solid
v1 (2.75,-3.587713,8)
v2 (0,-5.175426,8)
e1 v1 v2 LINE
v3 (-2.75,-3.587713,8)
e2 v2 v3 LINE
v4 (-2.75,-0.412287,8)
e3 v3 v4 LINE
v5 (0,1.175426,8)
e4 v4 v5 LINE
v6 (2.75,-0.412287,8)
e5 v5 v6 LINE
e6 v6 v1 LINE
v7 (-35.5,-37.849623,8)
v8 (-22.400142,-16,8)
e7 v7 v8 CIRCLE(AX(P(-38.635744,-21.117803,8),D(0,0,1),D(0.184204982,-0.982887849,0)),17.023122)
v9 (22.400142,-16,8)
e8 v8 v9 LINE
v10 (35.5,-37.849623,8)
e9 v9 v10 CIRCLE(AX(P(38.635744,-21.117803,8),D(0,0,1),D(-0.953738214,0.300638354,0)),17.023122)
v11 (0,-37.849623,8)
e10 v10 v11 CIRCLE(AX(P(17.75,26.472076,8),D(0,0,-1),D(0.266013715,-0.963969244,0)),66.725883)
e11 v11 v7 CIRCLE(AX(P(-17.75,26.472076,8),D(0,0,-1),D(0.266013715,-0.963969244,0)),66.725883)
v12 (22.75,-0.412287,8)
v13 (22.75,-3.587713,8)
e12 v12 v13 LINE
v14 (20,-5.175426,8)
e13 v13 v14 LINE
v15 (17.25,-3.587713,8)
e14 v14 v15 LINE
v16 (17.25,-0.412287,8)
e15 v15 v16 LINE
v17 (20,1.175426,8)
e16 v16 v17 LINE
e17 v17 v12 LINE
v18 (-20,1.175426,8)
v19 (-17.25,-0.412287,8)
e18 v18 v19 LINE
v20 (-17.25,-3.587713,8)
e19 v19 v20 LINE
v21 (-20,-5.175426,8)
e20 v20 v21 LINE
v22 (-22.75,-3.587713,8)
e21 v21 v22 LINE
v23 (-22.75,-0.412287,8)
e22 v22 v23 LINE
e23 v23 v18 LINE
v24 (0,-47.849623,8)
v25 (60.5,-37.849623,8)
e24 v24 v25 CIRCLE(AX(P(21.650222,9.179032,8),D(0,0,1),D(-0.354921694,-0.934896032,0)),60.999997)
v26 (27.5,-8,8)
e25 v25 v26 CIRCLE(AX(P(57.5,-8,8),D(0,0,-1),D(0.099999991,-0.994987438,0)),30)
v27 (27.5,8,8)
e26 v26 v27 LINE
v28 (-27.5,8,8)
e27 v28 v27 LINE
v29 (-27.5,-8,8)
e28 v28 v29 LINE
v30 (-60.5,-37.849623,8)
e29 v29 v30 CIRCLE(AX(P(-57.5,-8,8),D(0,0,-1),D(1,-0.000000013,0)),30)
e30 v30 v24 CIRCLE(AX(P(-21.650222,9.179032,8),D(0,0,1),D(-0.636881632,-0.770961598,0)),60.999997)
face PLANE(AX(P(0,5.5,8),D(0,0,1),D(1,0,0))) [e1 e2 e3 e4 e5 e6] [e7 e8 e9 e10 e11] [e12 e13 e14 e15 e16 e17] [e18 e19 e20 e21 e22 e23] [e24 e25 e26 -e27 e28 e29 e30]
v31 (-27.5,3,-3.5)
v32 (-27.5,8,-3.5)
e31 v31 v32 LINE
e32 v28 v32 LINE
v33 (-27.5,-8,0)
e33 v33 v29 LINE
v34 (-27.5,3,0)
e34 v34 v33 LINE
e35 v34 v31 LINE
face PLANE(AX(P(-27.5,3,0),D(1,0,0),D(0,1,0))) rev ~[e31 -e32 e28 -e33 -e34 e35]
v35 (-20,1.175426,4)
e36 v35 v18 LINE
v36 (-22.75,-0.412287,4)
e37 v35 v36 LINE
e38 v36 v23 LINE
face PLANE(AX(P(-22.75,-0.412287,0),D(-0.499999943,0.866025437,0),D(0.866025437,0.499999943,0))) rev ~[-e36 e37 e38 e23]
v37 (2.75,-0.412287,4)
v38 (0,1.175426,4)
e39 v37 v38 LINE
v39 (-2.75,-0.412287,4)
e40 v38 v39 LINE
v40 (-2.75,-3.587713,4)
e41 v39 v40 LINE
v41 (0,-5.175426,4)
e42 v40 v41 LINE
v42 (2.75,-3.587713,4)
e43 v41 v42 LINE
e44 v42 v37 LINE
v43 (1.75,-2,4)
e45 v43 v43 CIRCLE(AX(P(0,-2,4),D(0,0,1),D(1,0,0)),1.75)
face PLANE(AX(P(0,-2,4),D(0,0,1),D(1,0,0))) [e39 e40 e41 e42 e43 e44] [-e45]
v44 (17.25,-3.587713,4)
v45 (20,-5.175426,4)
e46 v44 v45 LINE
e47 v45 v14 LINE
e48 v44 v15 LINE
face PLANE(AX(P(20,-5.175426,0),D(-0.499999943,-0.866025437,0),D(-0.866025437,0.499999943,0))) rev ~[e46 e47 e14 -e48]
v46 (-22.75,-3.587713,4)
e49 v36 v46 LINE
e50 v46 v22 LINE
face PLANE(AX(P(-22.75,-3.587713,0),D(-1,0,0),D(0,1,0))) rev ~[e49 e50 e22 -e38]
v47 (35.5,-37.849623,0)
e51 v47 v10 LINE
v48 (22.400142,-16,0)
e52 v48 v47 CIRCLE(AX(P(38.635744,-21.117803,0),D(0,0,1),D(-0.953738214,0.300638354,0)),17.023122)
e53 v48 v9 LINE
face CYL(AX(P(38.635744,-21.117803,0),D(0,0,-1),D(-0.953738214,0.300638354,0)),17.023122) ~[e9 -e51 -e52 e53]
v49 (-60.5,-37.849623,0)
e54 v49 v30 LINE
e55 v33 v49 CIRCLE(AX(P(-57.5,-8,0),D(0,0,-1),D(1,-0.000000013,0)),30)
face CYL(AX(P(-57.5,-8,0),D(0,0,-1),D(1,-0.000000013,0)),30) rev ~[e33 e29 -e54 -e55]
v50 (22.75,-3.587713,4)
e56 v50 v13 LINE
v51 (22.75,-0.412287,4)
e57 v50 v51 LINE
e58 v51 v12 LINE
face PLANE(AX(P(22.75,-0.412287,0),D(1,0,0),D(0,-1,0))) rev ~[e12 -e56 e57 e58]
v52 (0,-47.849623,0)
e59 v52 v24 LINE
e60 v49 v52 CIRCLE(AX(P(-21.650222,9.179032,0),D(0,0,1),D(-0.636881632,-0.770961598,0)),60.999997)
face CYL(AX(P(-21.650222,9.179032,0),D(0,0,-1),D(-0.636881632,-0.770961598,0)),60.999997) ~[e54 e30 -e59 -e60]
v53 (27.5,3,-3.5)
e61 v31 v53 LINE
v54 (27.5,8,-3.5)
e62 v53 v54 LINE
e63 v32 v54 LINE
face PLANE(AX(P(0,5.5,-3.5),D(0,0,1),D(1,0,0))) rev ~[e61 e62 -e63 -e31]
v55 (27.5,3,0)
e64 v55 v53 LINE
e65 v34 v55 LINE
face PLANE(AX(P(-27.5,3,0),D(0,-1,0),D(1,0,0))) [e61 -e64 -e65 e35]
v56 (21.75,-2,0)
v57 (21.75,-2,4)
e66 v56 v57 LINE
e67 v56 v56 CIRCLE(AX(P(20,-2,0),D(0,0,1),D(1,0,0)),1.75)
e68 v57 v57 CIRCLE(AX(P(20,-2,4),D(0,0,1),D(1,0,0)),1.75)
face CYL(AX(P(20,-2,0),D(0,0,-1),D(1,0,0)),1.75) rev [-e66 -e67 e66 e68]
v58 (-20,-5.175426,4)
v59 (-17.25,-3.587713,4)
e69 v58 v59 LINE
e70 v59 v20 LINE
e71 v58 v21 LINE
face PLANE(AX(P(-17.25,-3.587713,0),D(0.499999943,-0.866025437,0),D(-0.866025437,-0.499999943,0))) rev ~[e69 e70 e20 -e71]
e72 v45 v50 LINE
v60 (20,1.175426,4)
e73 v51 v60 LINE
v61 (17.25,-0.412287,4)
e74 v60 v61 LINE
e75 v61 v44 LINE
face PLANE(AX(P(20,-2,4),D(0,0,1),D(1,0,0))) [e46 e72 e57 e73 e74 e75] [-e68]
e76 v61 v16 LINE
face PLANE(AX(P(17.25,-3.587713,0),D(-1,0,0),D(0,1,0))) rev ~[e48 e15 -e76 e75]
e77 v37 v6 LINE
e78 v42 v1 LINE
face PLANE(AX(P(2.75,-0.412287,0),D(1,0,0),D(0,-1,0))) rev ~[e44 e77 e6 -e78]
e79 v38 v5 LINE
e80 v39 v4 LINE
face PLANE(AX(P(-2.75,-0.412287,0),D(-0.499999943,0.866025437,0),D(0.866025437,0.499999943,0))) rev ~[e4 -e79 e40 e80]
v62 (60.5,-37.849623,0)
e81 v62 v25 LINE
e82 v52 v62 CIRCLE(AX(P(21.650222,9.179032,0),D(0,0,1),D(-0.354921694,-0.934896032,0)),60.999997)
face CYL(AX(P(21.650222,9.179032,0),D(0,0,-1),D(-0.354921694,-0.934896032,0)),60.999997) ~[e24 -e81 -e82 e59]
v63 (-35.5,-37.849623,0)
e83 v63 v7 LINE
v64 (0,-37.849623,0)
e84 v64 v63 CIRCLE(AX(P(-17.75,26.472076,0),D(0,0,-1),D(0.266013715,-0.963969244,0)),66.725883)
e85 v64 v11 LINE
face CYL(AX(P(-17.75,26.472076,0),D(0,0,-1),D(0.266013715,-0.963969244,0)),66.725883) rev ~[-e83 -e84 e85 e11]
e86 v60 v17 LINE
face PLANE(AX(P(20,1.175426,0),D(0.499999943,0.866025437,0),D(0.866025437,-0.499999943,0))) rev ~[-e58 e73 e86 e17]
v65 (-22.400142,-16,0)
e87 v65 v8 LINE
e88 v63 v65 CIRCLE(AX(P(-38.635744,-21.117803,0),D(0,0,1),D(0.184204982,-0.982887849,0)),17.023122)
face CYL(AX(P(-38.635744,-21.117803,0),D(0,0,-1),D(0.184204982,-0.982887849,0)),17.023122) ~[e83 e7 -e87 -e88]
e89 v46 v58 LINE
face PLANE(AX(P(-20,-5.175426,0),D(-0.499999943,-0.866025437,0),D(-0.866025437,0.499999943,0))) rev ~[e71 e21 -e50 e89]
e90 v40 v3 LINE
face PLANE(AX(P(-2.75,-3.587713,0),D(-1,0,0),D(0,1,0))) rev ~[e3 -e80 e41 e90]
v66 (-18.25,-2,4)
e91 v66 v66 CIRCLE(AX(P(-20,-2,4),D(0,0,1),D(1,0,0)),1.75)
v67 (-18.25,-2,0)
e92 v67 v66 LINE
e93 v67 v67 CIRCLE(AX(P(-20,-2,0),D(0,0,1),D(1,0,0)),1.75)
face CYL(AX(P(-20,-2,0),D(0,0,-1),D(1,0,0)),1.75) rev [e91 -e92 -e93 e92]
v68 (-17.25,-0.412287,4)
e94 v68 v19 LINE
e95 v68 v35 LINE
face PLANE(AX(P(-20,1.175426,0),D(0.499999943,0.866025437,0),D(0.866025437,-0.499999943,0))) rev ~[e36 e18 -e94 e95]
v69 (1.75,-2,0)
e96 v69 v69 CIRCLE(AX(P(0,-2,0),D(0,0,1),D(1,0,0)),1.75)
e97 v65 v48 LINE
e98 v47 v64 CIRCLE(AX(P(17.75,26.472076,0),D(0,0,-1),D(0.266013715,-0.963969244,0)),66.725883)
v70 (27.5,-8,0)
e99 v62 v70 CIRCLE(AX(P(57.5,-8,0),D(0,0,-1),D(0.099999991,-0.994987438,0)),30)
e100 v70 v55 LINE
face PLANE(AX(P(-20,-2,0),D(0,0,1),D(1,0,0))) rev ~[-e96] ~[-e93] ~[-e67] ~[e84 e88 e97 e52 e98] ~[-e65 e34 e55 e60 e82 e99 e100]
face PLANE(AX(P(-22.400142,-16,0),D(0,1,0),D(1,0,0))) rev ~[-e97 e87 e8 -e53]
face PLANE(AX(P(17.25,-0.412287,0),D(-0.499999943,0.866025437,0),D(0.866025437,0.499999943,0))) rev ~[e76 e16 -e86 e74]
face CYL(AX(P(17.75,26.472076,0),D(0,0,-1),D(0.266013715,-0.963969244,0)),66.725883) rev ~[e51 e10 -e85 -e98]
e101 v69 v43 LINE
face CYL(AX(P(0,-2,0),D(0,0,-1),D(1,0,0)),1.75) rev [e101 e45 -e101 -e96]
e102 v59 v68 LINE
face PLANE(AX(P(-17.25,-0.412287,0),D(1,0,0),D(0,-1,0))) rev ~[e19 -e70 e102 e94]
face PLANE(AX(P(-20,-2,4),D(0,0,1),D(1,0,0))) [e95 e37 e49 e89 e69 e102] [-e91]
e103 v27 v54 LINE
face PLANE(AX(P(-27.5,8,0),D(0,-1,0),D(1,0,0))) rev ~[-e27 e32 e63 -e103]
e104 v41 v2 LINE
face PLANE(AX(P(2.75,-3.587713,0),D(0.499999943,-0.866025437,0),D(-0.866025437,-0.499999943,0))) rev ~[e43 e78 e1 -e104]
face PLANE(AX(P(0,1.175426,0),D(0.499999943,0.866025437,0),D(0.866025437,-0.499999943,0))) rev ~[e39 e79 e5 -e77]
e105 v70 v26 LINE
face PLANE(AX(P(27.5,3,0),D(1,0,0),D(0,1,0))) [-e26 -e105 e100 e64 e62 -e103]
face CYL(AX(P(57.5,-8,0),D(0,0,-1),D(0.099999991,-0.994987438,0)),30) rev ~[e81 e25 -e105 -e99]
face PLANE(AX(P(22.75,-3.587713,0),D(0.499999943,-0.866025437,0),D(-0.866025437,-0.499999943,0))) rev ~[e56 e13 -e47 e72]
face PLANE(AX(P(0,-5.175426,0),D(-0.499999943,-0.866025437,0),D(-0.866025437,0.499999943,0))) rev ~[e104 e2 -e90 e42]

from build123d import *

# Parameters (mm, degrees)
F0_W     = 55
F0_H     = 5
F0_H_2   = 11
F1_DEPTH = 8
F0_R     = 1.75
F2_DEPTH = 4
F3_DEPTH = 3.5


with BuildPart() as f1:
    # F0 (on Top) → F1 (new body)
    with BuildSketch(Plane.XY):
        with Locations((0, 5.5)):
            Rectangle(F0_W, F0_H)
        with Locations((0, -2.5)):
            Rectangle(F0_W, F0_H_2)
        Polygon((-20, 1.175426), (-17.25, -0.412287), (-17.25, -3.587713), (-20, -5.175426), (-22.75, -3.587713), (-22.75, -0.412287), align=None, mode=Mode.SUBTRACT)
        Polygon((0, -5.175426), (-2.75, -3.587713), (-2.75, -0.412287), (0, 1.175426), (2.75, -0.412287), (2.75, -3.587713), align=None, mode=Mode.SUBTRACT)
        Polygon((17.25, -3.587713), (17.25, -0.412287), (20, 1.175426), (22.75, -0.412287), (22.75, -3.587713), (20, -5.175426), align=None, mode=Mode.SUBTRACT)
        with BuildLine():
            Line((27.5, -8), (-27.5, -8))
            ThreePointArc((-27.5, -8), (-37.375388, -30.248595), (-60.5, -37.849623))
            ThreePointArc((-60.5, -37.849623), (-31.597894, -51.004383), (0, -47.849623))
            ThreePointArc((0, -47.849623), (31.597894, -51.004383), (60.5, -37.849623))
            ThreePointArc((60.5, -37.849623), (37.375388, -30.248595), (27.5, -8))
        make_face()
        with BuildLine():
            ThreePointArc((-35.5, -37.849623), (-24.035615, -29.871255), (-22.400142, -16))
            Line((-22.400142, -16), (22.400142, -16))
            ThreePointArc((22.400142, -16), (24.035615, -29.871255), (35.5, -37.849623))
            ThreePointArc((35.5, -37.849623), (17.75, -40.253807), (0, -37.849623))
            ThreePointArc((0, -37.849623), (-17.75, -40.253807), (-35.5, -37.849623))
        make_face(mode=Mode.SUBTRACT)
    extrude(amount=F1_DEPTH)

    # F0 (on Top) → F2 (join)
    with BuildSketch(Plane.XY):
        Polygon((-17.25, -3.587713), (-17.25, -0.412287), (-20, 1.175426), (-22.75, -0.412287), (-22.75, -3.587713), (-20, -5.175426), align=None)
        with Locations((-20, -2)):
            Circle(F0_R, mode=Mode.SUBTRACT)
        Polygon((-2.75, -0.412287), (-2.75, -3.587713), (0, -5.175426), (2.75, -3.587713), (2.75, -0.412287), (0, 1.175426), align=None)
        with Locations((0, -2)):
            Circle(F0_R, mode=Mode.SUBTRACT)
        Polygon((20, 1.175426), (17.25, -0.412287), (17.25, -3.587713), (20, -5.175426), (22.75, -3.587713), (22.75, -0.412287), align=None)
        with Locations((20, -2)):
            Circle(F0_R, mode=Mode.SUBTRACT)
    extrude(amount=F2_DEPTH)

    # F0 (on Top) → F3 (join)
    with BuildSketch(Plane.XY):
        with Locations((0, 5.5)):
            Rectangle(F0_W, F0_H)
    extrude(amount=-F3_DEPTH)


solid = f1.part
